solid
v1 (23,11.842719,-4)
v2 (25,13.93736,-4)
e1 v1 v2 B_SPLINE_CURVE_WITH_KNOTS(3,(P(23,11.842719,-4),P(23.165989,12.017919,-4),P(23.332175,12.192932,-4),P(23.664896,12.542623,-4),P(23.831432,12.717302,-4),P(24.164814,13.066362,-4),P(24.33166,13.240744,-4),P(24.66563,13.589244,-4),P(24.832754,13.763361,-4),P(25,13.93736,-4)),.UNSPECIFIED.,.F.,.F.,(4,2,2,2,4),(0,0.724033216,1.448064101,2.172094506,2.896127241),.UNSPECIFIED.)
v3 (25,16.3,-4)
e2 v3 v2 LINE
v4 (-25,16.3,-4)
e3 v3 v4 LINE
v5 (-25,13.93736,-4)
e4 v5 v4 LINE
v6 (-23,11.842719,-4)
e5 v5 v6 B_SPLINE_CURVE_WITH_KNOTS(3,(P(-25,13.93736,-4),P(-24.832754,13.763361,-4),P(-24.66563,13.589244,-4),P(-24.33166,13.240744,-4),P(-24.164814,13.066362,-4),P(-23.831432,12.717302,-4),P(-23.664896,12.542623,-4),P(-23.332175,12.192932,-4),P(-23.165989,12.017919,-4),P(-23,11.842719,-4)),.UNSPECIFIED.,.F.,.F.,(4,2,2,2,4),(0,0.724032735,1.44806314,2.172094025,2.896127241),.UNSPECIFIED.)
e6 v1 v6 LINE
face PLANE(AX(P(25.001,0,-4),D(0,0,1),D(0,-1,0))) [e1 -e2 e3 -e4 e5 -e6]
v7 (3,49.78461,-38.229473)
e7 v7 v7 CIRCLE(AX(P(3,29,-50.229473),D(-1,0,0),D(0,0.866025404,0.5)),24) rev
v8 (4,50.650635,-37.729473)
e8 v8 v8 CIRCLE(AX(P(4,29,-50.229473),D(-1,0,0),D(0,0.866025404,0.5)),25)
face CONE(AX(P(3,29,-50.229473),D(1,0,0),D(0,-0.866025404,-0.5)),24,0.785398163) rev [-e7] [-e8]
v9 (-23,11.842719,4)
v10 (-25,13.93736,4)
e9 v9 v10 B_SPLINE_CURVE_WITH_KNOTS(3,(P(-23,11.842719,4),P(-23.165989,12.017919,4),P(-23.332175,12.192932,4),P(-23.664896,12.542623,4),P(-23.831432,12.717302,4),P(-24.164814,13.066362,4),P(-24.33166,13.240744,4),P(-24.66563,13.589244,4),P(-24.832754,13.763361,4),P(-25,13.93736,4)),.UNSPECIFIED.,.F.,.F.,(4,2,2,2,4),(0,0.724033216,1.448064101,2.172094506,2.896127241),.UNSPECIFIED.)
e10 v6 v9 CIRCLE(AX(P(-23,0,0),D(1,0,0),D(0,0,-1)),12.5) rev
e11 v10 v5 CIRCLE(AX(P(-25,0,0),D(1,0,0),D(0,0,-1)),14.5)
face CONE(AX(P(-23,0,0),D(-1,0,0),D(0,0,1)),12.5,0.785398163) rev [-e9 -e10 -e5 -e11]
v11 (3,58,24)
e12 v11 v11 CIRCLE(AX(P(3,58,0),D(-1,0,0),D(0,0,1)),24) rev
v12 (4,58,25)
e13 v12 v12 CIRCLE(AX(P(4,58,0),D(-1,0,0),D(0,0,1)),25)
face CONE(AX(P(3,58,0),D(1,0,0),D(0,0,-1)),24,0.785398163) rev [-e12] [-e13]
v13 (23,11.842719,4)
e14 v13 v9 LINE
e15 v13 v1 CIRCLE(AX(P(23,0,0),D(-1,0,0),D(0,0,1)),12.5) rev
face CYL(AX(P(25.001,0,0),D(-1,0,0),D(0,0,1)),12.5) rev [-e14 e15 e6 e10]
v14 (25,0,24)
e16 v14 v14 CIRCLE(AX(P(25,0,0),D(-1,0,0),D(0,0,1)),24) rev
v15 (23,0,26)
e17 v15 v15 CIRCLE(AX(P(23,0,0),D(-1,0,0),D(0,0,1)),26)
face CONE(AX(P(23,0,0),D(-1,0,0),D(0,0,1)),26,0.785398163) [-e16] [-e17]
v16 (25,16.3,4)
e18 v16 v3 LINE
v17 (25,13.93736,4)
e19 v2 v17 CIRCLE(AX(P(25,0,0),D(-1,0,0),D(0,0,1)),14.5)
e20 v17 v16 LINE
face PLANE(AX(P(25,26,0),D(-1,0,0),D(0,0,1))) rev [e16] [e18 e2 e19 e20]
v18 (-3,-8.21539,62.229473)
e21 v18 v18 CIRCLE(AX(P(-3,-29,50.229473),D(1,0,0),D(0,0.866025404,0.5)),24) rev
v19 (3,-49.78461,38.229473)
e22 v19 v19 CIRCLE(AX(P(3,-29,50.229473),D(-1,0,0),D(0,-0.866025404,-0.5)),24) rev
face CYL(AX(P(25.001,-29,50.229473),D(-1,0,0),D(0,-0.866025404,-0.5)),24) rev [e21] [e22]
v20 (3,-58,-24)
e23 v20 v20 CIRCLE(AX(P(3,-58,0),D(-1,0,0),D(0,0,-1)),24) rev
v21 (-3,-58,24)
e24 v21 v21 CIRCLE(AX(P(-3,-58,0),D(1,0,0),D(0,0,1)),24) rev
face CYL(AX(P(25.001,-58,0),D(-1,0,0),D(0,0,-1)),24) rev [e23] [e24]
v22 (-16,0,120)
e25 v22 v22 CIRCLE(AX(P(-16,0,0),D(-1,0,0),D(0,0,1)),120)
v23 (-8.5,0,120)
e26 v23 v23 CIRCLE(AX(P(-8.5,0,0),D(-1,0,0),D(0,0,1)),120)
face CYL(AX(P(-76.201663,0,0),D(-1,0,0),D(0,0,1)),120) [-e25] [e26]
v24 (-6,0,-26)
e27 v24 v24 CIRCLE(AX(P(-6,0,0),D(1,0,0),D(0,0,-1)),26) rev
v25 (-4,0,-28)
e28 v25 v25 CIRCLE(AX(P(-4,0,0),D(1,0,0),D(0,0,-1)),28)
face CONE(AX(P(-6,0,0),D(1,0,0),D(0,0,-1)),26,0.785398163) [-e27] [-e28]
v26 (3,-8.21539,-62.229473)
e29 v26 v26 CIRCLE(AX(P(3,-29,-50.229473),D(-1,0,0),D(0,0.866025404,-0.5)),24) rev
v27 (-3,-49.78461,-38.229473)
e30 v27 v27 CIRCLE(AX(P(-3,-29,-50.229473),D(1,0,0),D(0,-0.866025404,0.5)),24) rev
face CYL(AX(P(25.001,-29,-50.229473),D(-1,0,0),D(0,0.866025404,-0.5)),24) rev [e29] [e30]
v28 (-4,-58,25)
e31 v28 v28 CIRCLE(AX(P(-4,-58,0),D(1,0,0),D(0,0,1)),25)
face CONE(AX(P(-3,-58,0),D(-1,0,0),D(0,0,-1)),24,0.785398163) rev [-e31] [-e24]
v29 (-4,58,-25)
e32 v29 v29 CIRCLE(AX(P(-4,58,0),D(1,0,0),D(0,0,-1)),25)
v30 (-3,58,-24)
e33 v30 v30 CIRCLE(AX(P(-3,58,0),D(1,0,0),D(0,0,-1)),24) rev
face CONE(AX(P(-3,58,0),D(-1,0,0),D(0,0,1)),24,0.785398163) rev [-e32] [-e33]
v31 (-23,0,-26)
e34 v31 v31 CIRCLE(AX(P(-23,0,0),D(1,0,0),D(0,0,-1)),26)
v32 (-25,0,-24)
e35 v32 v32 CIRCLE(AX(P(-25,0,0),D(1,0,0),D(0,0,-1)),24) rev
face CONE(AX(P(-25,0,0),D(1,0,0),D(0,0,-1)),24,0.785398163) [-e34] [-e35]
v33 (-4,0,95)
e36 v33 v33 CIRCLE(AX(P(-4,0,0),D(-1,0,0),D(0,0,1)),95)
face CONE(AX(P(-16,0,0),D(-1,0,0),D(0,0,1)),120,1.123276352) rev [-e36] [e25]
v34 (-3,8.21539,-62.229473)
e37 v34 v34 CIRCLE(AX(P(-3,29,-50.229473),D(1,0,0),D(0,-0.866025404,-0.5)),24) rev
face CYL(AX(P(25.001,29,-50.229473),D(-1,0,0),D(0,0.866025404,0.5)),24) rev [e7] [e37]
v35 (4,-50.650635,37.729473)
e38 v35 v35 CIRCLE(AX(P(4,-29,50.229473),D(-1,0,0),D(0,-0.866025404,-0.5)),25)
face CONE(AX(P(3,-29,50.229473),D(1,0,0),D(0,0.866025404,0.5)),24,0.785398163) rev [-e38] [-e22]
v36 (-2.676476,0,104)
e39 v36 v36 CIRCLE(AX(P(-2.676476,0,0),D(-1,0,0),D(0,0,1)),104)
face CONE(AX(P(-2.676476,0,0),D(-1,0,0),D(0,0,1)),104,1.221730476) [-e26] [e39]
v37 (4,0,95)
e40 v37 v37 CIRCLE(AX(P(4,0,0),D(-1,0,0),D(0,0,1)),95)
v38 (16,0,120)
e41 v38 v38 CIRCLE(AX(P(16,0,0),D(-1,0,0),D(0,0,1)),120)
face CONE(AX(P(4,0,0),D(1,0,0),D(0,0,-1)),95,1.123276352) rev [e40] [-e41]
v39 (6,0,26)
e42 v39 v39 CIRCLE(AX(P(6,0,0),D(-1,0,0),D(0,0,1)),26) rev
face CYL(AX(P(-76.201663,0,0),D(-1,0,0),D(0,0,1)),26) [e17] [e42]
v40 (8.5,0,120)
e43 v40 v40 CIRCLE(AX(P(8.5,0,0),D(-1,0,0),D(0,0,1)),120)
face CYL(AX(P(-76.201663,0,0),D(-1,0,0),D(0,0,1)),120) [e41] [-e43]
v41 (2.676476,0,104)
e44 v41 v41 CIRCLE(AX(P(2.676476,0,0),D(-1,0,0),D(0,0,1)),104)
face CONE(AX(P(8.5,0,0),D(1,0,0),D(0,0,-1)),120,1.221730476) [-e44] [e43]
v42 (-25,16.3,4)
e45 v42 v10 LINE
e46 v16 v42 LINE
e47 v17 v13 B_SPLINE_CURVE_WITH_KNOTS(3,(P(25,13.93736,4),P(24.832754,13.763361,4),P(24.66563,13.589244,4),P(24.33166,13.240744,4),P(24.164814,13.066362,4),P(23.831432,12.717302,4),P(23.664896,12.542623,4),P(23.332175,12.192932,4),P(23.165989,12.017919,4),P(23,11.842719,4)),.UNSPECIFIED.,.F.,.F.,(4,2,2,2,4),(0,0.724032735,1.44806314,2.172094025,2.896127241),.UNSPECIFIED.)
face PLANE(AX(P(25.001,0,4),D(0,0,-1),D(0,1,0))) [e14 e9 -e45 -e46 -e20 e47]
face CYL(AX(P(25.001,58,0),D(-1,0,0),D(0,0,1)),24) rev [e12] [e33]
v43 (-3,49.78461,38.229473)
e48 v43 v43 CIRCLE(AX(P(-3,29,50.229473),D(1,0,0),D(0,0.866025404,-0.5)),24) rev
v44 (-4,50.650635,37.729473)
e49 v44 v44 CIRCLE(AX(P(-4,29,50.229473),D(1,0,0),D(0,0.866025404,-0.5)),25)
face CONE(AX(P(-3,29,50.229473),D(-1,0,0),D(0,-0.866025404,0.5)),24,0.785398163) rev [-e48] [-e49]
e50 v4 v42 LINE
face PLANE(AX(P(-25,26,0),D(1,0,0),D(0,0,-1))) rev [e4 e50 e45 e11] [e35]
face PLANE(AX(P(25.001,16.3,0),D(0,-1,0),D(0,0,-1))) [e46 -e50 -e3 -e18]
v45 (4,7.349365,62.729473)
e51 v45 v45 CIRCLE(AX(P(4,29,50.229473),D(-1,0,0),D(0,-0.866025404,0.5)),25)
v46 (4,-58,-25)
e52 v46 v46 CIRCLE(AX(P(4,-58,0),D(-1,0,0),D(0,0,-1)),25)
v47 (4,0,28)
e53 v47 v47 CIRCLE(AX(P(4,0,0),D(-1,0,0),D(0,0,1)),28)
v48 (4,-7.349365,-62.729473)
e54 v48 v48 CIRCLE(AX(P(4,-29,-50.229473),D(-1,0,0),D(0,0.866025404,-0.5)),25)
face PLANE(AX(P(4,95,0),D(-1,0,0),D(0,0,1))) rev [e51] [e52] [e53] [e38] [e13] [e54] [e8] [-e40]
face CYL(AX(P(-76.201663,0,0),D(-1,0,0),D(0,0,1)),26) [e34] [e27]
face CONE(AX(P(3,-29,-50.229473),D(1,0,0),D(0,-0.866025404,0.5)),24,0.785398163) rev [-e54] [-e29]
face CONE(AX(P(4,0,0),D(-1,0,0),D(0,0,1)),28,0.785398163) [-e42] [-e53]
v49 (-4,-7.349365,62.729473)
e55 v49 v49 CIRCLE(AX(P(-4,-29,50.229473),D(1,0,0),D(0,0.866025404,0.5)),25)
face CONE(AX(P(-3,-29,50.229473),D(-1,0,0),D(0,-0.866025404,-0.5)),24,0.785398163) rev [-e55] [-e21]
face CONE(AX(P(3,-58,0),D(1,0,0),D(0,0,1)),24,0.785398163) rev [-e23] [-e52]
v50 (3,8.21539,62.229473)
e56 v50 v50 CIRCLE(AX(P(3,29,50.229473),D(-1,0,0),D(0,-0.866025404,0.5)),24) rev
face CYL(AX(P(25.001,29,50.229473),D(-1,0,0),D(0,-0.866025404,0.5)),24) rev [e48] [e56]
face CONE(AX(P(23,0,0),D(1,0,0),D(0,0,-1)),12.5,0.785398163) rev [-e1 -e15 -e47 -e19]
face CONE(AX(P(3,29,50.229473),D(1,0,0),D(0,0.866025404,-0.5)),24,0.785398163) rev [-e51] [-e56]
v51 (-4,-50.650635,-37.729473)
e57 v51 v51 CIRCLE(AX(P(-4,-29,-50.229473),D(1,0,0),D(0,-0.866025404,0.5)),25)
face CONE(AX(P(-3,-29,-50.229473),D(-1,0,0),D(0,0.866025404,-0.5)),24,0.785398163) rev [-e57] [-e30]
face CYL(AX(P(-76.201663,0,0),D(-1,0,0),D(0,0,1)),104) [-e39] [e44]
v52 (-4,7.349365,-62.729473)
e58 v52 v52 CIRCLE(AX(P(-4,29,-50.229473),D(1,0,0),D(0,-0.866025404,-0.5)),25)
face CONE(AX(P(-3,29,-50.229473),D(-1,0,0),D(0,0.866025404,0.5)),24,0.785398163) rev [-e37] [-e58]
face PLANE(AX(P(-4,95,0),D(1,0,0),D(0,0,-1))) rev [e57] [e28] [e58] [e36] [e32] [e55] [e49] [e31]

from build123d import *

# Parameters (mm, degrees)
WYTNIJ_WYCI_GNI_CIE1_REACH       = 178.918
SFAZOWANIE2_SIZE                 = 2
SFAZOWANIE3_SIZE                 = 2
WYTNIJ_WYCI_GNI_CIE2_REACH       = 174.166
SZKIC3_R                         = 24
SFAZOWANIE4_SIZE                 = 1
SZYK_KO_OWY2_COUNT               = 6
SFAZOWANIE4_OF_SZYK_KO_OWY2_SIZE = 1


with BuildPart() as part:
    # Szkic1 → Obrót2 (revolve)
    with BuildSketch(Plane.XY):
        Polygon((-4, 95), (-16, 120), (-8.5, 120), (-2.676476252, 104), (2.676476252, 104), (8.5, 120), (16, 120), (4, 95), (4, 26), (25, 26), (25, 0), (-25, 0), (-25, 26), (-4, 26), align=None)
    revolve(axis=Axis((-76.201663435, 0, 0), (1, 0, 0)))

    # Szkic2 → Wytnij-wyciągnięcie1 (cut, up to next)
    with BuildSketch(Plane.ZY.offset(25), mode=Mode.PRIVATE) as wytnij_wyci_gni_cie1_sk1:
        with BuildLine():
            Line((4, 11.842719282), (4, 16.3))
            Line((4, 16.3), (-4, 16.3))
            Line((-4, 16.3), (-4, 11.842719282))
            ThreePointArc((-4, 11.842719282), (0, -12.5), (4, 11.842719282))
        make_face()
    wytnij_wyci_gni_cie1_tool1 = extrude(wytnij_wyci_gni_cie1_sk1.sketch, amount=-WYTNIJ_WYCI_GNI_CIE1_REACH, mode=Mode.PRIVATE) & part.part
    add(wytnij_wyci_gni_cie1_tool1.solids().sort_by_distance((-25, 0.877795, 0))[0], mode=Mode.SUBTRACT)

    # Sfazowanie2
    sfazowanie2_edges = [part.edges().sort_by_distance(p)[0] for p in [
        (-25, -12.5, 0),
        (25, -12.5, 0),
    ]]
    chamfer(sfazowanie2_edges, length=SFAZOWANIE2_SIZE)

    # Sfazowanie3
    sfazowanie3_edges = [part.edges().sort_by_distance(p)[0] for p in [
        (-25, -26, 0),
        (-4, -26, 0),
        (25, -26, 0),
        (4, -26, 0),
    ]]
    chamfer(sfazowanie3_edges, length=SFAZOWANIE3_SIZE)

    # Szkic3 → Wytnij-wyciągnięcie2 (cut, up to next)
    with BuildSketch(Plane.ZY.offset(4), mode=Mode.PRIVATE) as wytnij_wyci_gni_cie2_sk1:
        with Locations((0, 58)):
            Circle(SZKIC3_R)
    wytnij_wyci_gni_cie2_tool1 = extrude(wytnij_wyci_gni_cie2_sk1.sketch, amount=-WYTNIJ_WYCI_GNI_CIE2_REACH, mode=Mode.PRIVATE) & part.part
    wytnij_wyci_gni_cie2 = wytnij_wyci_gni_cie2_tool1.solids().sort_by_distance((-4, 58, 0))[0]
    add(wytnij_wyci_gni_cie2, mode=Mode.SUBTRACT)

    # Sfazowanie4
    sfazowanie4_edges = [part.edges().sort_by_distance(p)[0] for p in [
        (-4, 58, -24),
        (4, 58, -24),
    ]]
    chamfer(sfazowanie4_edges, length=SFAZOWANIE4_SIZE)

    # Szyk kołowy2: Wytnij-wyciągnięcie2 ×6 about axis
    szyk_ko_owy2_axis = Axis((0, 0, 0), (-1, 0, 0))
    for i in range(1, SZYK_KO_OWY2_COUNT):
        add(wytnij_wyci_gni_cie2.rotate(szyk_ko_owy2_axis, i * 360 / SZYK_KO_OWY2_COUNT), mode=Mode.SUBTRACT)

    # Sfazowanie4 of Szyk kołowy2
    sfazowanie4_of_szyk_ko_owy2_edges = [part.edges().sort_by_distance(p)[0] for p in [
        (-4, 8.215390309, -62.229473419),
        (4, 8.215390309, -62.229473419),
        (-4, -49.784609691, -38.229473419),
        (4, -49.784609691, -38.229473419),
        (-4, -58, 24),
        (4, -58, 24),
        (-4, -8.215390309, 62.229473419),
        (4, -8.215390309, 62.229473419),
        (-4, 49.784609691, 38.229473419),
        (4, 49.784609691, 38.229473419),
    ]]
    chamfer(sfazowanie4_of_szyk_ko_owy2_edges, length=SFAZOWANIE4_OF_SZYK_KO_OWY2_SIZE)


solid = part.part
